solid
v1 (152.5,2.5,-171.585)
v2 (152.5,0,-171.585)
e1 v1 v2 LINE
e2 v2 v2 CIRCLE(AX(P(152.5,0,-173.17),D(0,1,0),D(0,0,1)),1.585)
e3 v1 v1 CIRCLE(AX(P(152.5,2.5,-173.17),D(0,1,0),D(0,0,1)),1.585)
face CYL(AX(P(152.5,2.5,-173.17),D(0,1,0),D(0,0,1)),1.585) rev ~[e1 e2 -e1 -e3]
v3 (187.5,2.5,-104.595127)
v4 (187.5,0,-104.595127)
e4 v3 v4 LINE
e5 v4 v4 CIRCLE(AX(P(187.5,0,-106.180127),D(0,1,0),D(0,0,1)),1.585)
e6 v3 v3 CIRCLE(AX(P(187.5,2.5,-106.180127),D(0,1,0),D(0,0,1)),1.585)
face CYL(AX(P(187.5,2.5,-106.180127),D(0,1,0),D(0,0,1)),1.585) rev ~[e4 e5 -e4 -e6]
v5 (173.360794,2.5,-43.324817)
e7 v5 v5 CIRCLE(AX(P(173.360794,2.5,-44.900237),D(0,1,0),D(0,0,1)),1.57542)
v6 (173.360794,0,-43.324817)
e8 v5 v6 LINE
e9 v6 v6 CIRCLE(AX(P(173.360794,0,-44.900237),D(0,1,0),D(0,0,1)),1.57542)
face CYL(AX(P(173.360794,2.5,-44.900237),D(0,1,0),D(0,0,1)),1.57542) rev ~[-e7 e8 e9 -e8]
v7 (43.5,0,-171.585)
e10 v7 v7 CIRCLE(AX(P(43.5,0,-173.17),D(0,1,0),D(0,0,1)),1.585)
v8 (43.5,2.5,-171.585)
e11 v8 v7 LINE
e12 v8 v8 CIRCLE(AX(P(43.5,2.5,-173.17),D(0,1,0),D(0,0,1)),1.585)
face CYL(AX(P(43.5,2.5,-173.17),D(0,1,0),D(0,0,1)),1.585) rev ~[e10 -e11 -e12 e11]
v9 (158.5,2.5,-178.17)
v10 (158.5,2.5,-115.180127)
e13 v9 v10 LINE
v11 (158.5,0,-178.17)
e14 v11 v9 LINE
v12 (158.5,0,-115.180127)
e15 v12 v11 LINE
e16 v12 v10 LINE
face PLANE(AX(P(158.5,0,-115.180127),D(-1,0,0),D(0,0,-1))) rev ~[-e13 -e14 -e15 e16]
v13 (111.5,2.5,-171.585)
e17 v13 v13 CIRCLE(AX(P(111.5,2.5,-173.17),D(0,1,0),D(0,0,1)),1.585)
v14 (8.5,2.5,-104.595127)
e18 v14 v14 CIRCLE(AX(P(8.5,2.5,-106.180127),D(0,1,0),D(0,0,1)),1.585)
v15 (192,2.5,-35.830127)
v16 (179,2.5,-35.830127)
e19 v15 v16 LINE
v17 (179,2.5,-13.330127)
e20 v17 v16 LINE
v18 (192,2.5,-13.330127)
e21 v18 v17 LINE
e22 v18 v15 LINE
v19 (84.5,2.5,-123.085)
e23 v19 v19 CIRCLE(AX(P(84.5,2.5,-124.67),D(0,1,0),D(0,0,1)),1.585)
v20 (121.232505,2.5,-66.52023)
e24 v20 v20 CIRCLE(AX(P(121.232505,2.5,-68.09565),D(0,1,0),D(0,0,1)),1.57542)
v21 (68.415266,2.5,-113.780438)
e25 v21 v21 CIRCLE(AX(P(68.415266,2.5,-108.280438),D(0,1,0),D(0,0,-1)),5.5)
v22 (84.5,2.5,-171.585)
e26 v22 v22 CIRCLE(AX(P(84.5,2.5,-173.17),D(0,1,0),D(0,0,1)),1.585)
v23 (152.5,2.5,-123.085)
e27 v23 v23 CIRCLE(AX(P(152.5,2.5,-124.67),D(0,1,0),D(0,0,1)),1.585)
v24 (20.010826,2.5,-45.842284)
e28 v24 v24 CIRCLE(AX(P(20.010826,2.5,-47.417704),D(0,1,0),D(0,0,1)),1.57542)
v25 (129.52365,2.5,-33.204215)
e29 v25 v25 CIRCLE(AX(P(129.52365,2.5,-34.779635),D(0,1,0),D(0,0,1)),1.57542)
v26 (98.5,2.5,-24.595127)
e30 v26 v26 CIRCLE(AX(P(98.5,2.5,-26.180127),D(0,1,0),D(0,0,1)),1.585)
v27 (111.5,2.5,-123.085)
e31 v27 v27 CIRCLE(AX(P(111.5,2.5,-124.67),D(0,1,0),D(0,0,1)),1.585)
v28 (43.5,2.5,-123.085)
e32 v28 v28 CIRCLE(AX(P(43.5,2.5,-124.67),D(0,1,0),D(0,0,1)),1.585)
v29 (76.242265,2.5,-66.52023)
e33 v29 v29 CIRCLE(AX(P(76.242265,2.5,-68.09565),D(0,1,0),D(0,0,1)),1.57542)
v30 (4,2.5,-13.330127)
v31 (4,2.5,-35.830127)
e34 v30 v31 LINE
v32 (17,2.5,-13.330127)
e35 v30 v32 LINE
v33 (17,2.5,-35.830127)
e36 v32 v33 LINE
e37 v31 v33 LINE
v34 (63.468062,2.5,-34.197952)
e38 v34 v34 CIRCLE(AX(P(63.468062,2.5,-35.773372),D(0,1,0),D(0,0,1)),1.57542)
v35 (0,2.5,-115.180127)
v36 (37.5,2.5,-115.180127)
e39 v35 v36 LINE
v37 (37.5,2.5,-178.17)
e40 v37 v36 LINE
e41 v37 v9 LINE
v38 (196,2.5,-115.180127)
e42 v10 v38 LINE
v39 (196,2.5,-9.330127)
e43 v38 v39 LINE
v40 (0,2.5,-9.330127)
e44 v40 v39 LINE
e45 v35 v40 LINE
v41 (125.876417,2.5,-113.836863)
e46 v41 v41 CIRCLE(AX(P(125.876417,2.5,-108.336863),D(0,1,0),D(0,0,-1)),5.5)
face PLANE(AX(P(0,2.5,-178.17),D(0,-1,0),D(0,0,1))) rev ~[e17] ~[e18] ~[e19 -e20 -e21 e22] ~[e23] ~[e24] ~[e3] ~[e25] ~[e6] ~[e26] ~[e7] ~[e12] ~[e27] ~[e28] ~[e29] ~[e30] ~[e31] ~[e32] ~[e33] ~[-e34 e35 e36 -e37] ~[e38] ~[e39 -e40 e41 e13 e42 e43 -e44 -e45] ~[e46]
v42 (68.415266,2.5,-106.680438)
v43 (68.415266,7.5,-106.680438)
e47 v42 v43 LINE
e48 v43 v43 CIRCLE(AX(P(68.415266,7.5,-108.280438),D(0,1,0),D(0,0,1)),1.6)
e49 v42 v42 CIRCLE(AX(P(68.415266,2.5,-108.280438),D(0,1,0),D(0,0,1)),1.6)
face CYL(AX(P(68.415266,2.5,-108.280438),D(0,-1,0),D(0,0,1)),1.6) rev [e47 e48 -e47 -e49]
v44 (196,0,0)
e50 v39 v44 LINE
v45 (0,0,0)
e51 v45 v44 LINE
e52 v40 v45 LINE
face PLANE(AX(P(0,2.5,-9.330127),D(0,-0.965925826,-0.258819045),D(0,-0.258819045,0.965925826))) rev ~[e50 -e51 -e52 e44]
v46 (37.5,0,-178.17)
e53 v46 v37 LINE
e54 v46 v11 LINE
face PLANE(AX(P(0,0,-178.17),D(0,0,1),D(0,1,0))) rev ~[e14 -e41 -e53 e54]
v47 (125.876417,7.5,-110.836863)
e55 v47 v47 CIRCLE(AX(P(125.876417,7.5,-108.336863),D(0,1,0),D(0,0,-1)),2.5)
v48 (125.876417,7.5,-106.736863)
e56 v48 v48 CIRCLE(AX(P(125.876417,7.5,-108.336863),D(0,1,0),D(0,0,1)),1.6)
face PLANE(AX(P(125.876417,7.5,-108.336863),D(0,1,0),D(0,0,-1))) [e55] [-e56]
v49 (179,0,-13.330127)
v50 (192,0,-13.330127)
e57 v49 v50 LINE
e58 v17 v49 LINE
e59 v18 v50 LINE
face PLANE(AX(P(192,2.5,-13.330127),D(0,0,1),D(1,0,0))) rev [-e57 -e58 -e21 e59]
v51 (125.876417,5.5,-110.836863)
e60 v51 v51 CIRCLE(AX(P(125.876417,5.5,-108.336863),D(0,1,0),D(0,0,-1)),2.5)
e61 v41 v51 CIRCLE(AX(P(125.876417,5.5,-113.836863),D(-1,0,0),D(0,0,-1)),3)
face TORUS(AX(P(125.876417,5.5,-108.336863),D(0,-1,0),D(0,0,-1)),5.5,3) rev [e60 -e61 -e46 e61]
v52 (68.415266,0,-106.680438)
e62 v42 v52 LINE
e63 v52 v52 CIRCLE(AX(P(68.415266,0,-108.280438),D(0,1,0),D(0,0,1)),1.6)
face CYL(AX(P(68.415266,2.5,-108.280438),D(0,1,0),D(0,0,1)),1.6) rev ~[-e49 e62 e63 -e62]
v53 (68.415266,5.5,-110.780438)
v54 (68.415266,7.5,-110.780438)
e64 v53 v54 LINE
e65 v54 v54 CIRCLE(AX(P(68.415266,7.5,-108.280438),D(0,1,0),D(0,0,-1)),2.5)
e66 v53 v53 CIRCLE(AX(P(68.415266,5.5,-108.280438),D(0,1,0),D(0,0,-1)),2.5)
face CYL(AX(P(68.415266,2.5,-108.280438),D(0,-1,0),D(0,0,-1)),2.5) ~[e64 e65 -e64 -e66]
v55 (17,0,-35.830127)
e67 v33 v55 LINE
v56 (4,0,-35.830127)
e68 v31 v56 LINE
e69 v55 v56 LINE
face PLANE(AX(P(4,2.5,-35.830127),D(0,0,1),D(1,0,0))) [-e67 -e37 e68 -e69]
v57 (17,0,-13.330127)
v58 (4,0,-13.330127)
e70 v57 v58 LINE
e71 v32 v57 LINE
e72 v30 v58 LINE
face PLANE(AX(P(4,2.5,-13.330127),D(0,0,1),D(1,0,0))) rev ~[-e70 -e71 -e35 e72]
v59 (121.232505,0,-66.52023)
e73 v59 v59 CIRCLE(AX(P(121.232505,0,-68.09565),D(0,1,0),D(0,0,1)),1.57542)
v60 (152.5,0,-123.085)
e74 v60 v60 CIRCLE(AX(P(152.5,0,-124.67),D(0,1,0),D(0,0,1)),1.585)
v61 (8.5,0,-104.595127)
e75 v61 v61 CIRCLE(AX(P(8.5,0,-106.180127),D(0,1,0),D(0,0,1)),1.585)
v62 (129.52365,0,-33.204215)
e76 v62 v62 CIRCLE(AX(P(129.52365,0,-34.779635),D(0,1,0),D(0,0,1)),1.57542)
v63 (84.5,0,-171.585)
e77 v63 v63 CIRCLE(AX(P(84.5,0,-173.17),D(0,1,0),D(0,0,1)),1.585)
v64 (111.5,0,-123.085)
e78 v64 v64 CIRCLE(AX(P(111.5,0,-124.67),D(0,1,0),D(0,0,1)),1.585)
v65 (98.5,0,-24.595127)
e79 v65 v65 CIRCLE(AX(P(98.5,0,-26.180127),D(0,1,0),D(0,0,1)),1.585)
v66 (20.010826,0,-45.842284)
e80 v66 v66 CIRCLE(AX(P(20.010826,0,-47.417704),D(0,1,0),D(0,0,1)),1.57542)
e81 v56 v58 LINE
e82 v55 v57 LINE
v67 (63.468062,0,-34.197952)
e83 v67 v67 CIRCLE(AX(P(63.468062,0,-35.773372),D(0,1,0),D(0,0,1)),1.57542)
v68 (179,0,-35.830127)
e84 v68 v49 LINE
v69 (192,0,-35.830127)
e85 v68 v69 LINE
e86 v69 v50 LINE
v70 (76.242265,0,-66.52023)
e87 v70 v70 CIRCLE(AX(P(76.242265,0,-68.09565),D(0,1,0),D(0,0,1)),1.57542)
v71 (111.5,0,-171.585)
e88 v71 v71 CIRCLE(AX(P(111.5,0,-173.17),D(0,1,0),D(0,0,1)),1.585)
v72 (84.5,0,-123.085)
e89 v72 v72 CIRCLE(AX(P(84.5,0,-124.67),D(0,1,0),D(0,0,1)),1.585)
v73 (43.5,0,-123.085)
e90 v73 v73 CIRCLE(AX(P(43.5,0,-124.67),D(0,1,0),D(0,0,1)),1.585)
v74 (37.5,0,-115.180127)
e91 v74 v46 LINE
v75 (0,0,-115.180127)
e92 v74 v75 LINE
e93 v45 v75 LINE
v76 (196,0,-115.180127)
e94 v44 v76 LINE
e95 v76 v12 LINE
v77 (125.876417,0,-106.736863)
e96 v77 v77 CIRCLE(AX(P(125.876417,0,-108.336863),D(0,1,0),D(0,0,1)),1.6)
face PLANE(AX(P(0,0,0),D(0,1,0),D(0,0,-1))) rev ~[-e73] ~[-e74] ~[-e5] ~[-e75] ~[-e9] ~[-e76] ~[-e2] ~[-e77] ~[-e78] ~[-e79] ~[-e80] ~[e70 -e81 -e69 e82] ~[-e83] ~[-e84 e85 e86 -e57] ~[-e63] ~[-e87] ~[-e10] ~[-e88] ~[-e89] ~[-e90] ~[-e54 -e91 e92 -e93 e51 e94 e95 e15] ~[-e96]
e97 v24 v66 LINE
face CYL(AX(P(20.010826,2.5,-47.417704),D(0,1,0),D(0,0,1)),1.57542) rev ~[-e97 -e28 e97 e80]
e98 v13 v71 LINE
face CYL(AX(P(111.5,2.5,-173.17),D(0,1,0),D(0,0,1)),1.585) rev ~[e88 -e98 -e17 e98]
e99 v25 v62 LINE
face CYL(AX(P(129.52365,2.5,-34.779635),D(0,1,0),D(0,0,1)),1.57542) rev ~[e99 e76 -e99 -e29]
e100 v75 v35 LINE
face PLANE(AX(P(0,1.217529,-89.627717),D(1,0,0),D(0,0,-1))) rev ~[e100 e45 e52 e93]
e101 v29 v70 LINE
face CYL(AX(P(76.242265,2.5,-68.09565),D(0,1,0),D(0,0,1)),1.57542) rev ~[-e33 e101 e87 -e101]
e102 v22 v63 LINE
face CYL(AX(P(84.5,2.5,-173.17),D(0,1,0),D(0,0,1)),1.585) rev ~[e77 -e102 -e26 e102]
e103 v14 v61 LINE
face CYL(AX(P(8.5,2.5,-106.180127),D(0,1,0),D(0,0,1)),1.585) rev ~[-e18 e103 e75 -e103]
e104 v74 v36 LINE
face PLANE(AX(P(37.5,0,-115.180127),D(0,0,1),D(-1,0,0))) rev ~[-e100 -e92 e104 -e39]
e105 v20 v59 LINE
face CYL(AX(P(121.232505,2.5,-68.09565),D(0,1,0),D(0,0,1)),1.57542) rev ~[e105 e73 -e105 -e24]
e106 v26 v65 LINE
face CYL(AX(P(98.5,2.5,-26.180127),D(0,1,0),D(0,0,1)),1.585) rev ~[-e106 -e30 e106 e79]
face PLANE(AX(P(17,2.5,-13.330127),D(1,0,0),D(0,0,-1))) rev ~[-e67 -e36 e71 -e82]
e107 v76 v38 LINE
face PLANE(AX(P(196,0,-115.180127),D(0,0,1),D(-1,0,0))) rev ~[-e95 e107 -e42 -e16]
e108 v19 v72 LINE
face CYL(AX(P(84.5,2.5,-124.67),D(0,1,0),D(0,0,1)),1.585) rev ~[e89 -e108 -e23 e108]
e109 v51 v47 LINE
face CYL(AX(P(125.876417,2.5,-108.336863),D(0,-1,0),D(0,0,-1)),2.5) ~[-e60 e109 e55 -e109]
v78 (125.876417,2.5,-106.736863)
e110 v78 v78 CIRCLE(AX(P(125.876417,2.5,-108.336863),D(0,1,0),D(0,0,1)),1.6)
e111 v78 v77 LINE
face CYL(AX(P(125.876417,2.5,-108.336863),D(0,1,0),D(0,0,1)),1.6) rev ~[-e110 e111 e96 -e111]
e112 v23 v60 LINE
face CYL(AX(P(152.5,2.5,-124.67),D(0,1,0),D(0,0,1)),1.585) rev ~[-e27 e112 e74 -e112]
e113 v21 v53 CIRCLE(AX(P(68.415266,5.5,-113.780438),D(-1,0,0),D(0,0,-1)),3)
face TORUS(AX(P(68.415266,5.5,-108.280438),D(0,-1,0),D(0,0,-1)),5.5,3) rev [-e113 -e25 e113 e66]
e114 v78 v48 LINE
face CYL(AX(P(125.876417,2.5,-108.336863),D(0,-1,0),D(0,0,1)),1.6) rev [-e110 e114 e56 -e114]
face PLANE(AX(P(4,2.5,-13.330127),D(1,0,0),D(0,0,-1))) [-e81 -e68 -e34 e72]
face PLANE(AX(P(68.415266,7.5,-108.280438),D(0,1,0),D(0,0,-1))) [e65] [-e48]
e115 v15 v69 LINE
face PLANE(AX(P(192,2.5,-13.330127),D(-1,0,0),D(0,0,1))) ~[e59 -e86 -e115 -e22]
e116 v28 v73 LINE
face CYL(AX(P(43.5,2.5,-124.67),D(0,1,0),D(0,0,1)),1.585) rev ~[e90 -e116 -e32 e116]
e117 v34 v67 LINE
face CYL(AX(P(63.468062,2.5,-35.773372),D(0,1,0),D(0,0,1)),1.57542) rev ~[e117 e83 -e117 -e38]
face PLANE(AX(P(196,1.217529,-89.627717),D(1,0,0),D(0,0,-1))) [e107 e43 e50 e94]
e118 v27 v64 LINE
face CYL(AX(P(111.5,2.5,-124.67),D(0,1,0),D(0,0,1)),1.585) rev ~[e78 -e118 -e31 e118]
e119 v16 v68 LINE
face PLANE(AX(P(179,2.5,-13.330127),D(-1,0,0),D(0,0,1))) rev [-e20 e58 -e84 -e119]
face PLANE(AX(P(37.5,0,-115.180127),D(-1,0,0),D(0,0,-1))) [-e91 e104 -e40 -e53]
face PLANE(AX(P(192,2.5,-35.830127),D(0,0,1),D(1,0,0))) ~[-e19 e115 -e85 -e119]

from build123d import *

# Parameters (mm, degrees)
SALIENTE_EXTRUIR1_DEPTH = 196
CORTAR_EXTRUIR1_REACH   = 266.89
CROQUIS2_W              = 37.5
CROQUIS2_H              = 62.989872981
CORTAR_EXTRUIR2_REACH   = 266.89
CROQUIS4_W              = 13
CROQUIS4_H              = 22.5
CUT_EXTRUDE1_REACH      = 266.89
SKETCH1_R               = 1.585
CUT_EXTRUDE2_REACH      = 266.89
SKETCH2_R               = 1.585
CUT_EXTRUDE3_REACH      = 266.89
SKETCH3_R               = 1.585
SKETCH4_R               = 2.5
SKETCH4_R_2             = 1.6
BOSS_EXTRUDE1_DEPTH     = 5
SKETCH8_R               = 1.6
CUT_EXTRUDE6_DEPTH      = 265.925553505
FILLET1_R               = 3
SKETCH12_R              = 1.575419973
CUT_EXTRUDE9_DEPTH      = 10
SKETCH14_R              = 1.575419973
CUT_EXTRUDE10_DEPTH     = 10


with BuildPart() as part:
    # Croquis1 → Saliente-Extruir1 (new body)
    with BuildSketch(Plane(origin=(0, 0, 0), x_dir=(0, 0, -1), z_dir=(1, 0, 0))):
        Polygon((0, 0), (178.17, 0), (178.17, 2.5), (9.330127019, 2.5), align=None)
    extrude(amount=SALIENTE_EXTRUIR1_DEPTH)

    # Croquis2 → Cortar-Extruir1 (cut, up to next)
    with BuildSketch(Plane(origin=(0, 0, 0), x_dir=(-1, 0, 0), z_dir=(0, -1, 0)), mode=Mode.PRIVATE) as cortar_extruir1_sk1:
        with Locations((-18.75, 146.67506351)):
            Rectangle(CROQUIS2_W, CROQUIS2_H)
    cortar_extruir1_tool1 = extrude(cortar_extruir1_sk1.sketch, amount=-CORTAR_EXTRUIR1_REACH, mode=Mode.PRIVATE) & part.part
    # Croquis2 → Cortar-Extruir1 (cut, up to next)
    with BuildSketch(Plane(origin=(0, 0, 0), x_dir=(-1, 0, 0), z_dir=(0, -1, 0)), mode=Mode.PRIVATE) as cortar_extruir1_sk2:
        with Locations((-177.25, 146.67506351)):
            Rectangle(CROQUIS2_W, CROQUIS2_H)
    cortar_extruir1_tool2 = extrude(cortar_extruir1_sk2.sketch, amount=-CORTAR_EXTRUIR1_REACH, mode=Mode.PRIVATE) & part.part
    add(cortar_extruir1_tool1.solids().sort_by_distance((18.75, 0, -146.675064))[0], mode=Mode.SUBTRACT)
    add(cortar_extruir1_tool2.solids().sort_by_distance((177.25, 0, -146.675064))[0], mode=Mode.SUBTRACT)

    # Croquis4 → Cortar-Extruir2 (cut, up to next)
    with BuildSketch(Plane(origin=(0, 2.5, 0), x_dir=(1, 0, 0), z_dir=(0, 1, 0)), mode=Mode.PRIVATE) as cortar_extruir2_sk1:
        with Locations((10.5, 24.580127019)):
            Rectangle(CROQUIS4_W, CROQUIS4_H)
    cortar_extruir2_tool1 = extrude(cortar_extruir2_sk1.sketch, amount=-CORTAR_EXTRUIR2_REACH, mode=Mode.PRIVATE) & part.part
    cortar_extruir2 = cortar_extruir2_tool1.solids().sort_by_distance((10.5, 2.5, -24.580127))[0]
    add(cortar_extruir2, mode=Mode.SUBTRACT)

    # Simetría1: Cortar-Extruir2 across plane
    add(cortar_extruir2.mirror(Plane(origin=(98, 0, 0), x_dir=(0, 0, 1), z_dir=(1, 0, 0))), mode=Mode.SUBTRACT)

    # Sketch1 → Cut-Extrude1 (cut, up to next)
    with BuildSketch(Plane(origin=(0, 2.5, 0), x_dir=(1, 0, 0), z_dir=(0, 1, 0)), mode=Mode.PRIVATE) as cut_extrude1_sk1:
        with Locations(Location((187.5, 106.180127019, 0), (0, 0, 270))):
            Circle(SKETCH1_R)
    cut_extrude1_tool1 = extrude(cut_extrude1_sk1.sketch, amount=-CUT_EXTRUDE1_REACH, mode=Mode.PRIVATE) & part.part
    # Sketch1 → Cut-Extrude1 (cut, up to next)
    with BuildSketch(Plane(origin=(0, 2.5, 0), x_dir=(1, 0, 0), z_dir=(0, 1, 0)), mode=Mode.PRIVATE) as cut_extrude1_sk2:
        with Locations(Location((8.5, 106.180127019, 0), (0, 0, 270))):
            Circle(SKETCH1_R)
    cut_extrude1_tool2 = extrude(cut_extrude1_sk2.sketch, amount=-CUT_EXTRUDE1_REACH, mode=Mode.PRIVATE) & part.part
    add(cut_extrude1_tool1.solids().sort_by_distance((187.5, 2.5, -106.180127))[0], mode=Mode.SUBTRACT)
    add(cut_extrude1_tool2.solids().sort_by_distance((8.5, 2.5, -106.180127))[0], mode=Mode.SUBTRACT)

    # Sketch2 → Cut-Extrude2 (cut, up to next)
    with BuildSketch(Plane(origin=(0, 2.5, 0), x_dir=(1, 0, 0), z_dir=(0, 1, 0)), mode=Mode.PRIVATE) as cut_extrude2_sk1:
        with Locations(Location((98.5, 26.180127019, 0), (0, 0, 270))):
            Circle(SKETCH2_R)
    cut_extrude2_tool1 = extrude(cut_extrude2_sk1.sketch, amount=-CUT_EXTRUDE2_REACH, mode=Mode.PRIVATE) & part.part
    add(cut_extrude2_tool1.solids().sort_by_distance((98.5, 2.5, -26.180127))[0], mode=Mode.SUBTRACT)

    # Sketch3 → Cut-Extrude3 (cut, up to next)
    with BuildSketch(Plane(origin=(0, 2.5, 0), x_dir=(1, 0, 0), z_dir=(0, 1, 0)), mode=Mode.PRIVATE) as cut_extrude3_sk1:
        with Locations(Location((111.5, 124.67, 0), (0, 0, 270))):
            Circle(SKETCH3_R)
    cut_extrude3_tool1 = extrude(cut_extrude3_sk1.sketch, amount=-CUT_EXTRUDE3_REACH, mode=Mode.PRIVATE) & part.part
    # Sketch3 → Cut-Extrude3 (cut, up to next)
    with BuildSketch(Plane(origin=(0, 2.5, 0), x_dir=(1, 0, 0), z_dir=(0, 1, 0)), mode=Mode.PRIVATE) as cut_extrude3_sk2:
        with Locations(Location((152.5, 124.67, 0), (0, 0, 270))):
            Circle(SKETCH3_R)
    cut_extrude3_tool2 = extrude(cut_extrude3_sk2.sketch, amount=-CUT_EXTRUDE3_REACH, mode=Mode.PRIVATE) & part.part
    # Sketch3 → Cut-Extrude3 (cut, up to next)
    with BuildSketch(Plane(origin=(0, 2.5, 0), x_dir=(1, 0, 0), z_dir=(0, 1, 0)), mode=Mode.PRIVATE) as cut_extrude3_sk3:
        with Locations(Location((152.5, 173.17, 0), (0, 0, 270))):
            Circle(SKETCH3_R)
    cut_extrude3_tool3 = extrude(cut_extrude3_sk3.sketch, amount=-CUT_EXTRUDE3_REACH, mode=Mode.PRIVATE) & part.part
    # Sketch3 → Cut-Extrude3 (cut, up to next)
    with BuildSketch(Plane(origin=(0, 2.5, 0), x_dir=(1, 0, 0), z_dir=(0, 1, 0)), mode=Mode.PRIVATE) as cut_extrude3_sk4:
        with Locations(Location((111.5, 173.17, 0), (0, 0, 270))):
            Circle(SKETCH3_R)
    cut_extrude3_tool4 = extrude(cut_extrude3_sk4.sketch, amount=-CUT_EXTRUDE3_REACH, mode=Mode.PRIVATE) & part.part
    # Sketch3 → Cut-Extrude3 (cut, up to next)
    with BuildSketch(Plane(origin=(0, 2.5, 0), x_dir=(1, 0, 0), z_dir=(0, 1, 0)), mode=Mode.PRIVATE) as cut_extrude3_sk5:
        with Locations(Location((84.5, 173.17, 0), (0, 0, 270))):
            Circle(SKETCH3_R)
    cut_extrude3_tool5 = extrude(cut_extrude3_sk5.sketch, amount=-CUT_EXTRUDE3_REACH, mode=Mode.PRIVATE) & part.part
    # Sketch3 → Cut-Extrude3 (cut, up to next)
    with BuildSketch(Plane(origin=(0, 2.5, 0), x_dir=(1, 0, 0), z_dir=(0, 1, 0)), mode=Mode.PRIVATE) as cut_extrude3_sk6:
        with Locations(Location((43.5, 173.17, 0), (0, 0, 270))):
            Circle(SKETCH3_R)
    cut_extrude3_tool6 = extrude(cut_extrude3_sk6.sketch, amount=-CUT_EXTRUDE3_REACH, mode=Mode.PRIVATE) & part.part
    # Sketch3 → Cut-Extrude3 (cut, up to next)
    with BuildSketch(Plane(origin=(0, 2.5, 0), x_dir=(1, 0, 0), z_dir=(0, 1, 0)), mode=Mode.PRIVATE) as cut_extrude3_sk7:
        with Locations(Location((43.5, 124.67, 0), (0, 0, 270))):
            Circle(SKETCH3_R)
    cut_extrude3_tool7 = extrude(cut_extrude3_sk7.sketch, amount=-CUT_EXTRUDE3_REACH, mode=Mode.PRIVATE) & part.part
    # Sketch3 → Cut-Extrude3 (cut, up to next)
    with BuildSketch(Plane(origin=(0, 2.5, 0), x_dir=(1, 0, 0), z_dir=(0, 1, 0)), mode=Mode.PRIVATE) as cut_extrude3_sk8:
        with Locations(Location((84.5, 124.67, 0), (0, 0, 270))):
            Circle(SKETCH3_R)
    cut_extrude3_tool8 = extrude(cut_extrude3_sk8.sketch, amount=-CUT_EXTRUDE3_REACH, mode=Mode.PRIVATE) & part.part
    add(cut_extrude3_tool1.solids().sort_by_distance((111.5, 2.5, -124.67))[0], mode=Mode.SUBTRACT)
    add(cut_extrude3_tool2.solids().sort_by_distance((152.5, 2.5, -124.67))[0], mode=Mode.SUBTRACT)
    add(cut_extrude3_tool3.solids().sort_by_distance((152.5, 2.5, -173.17))[0], mode=Mode.SUBTRACT)
    add(cut_extrude3_tool4.solids().sort_by_distance((111.5, 2.5, -173.17))[0], mode=Mode.SUBTRACT)
    add(cut_extrude3_tool5.solids().sort_by_distance((84.5, 2.5, -173.17))[0], mode=Mode.SUBTRACT)
    add(cut_extrude3_tool6.solids().sort_by_distance((43.5, 2.5, -173.17))[0], mode=Mode.SUBTRACT)
    add(cut_extrude3_tool7.solids().sort_by_distance((43.5, 2.5, -124.67))[0], mode=Mode.SUBTRACT)
    add(cut_extrude3_tool8.solids().sort_by_distance((84.5, 2.5, -124.67))[0], mode=Mode.SUBTRACT)

    # Sketch4 → Boss-Extrude1 (add)
    # profile 1 of 2: a face of its own
    with BuildSketch(Plane(origin=(0, 2.5, 0), x_dir=(1, 0, 0), z_dir=(0, 1, 0))):
        with Locations(Location((68.415265875, 108.280438226, 0), (0, 0, 90))):
            Circle(SKETCH4_R)
        with Locations(Location((68.415265875, 108.280438226, 0), (0, 0, 270))):
            Circle(SKETCH4_R_2, mode=Mode.SUBTRACT)
    # profile 2 of 2: a face of its own
    with BuildSketch(Plane(origin=(0, 2.5, 0), x_dir=(1, 0, 0), z_dir=(0, 1, 0))):
        with Locations(Location((125.876416732, 108.336862559, 0), (0, 0, 90))):
            Circle(SKETCH4_R)
        with Locations(Location((125.876416732, 108.336862559, 0), (0, 0, 270))):
            Circle(SKETCH4_R_2, mode=Mode.SUBTRACT)
    extrude(amount=BOSS_EXTRUDE1_DEPTH)

    # Sketch8 → Cut-Extrude6 (cut, through all)
    with BuildSketch(Plane(origin=(0, 2.5, 0), x_dir=(1, 0, 0), z_dir=(0, 1, 0))):
        with Locations(Location((68.415265875, 108.280438226, 0), (0, 0, 270))):
            Circle(SKETCH8_R)
        with Locations(Location((125.876416732, 108.336862559, 0), (0, 0, 270))):
            Circle(SKETCH8_R)
    extrude(amount=-CUT_EXTRUDE6_DEPTH, mode=Mode.SUBTRACT)

    # Fillet1
    fillet1_edges = [part.edges().sort_by_distance(p)[0] for p in [
        (68.415265875, 2.5, -105.780438226),
        (125.876416732, 2.5, -105.836862559),
    ]]
    fillet(fillet1_edges, radius=FILLET1_R)

    # Sketch12 → Cut-Extrude9 (cut)
    with BuildSketch(Plane(origin=(0, 2.5, 0), x_dir=(1, 0, 0), z_dir=(0, 1, 0))):
        with Locations(Location((20.010826356, 47.41770363, 0), (0, 0, 270))):
            Circle(SKETCH12_R)
        with Locations(Location((63.468062002, 35.773372434, 0), (0, 0, 270))):
            Circle(SKETCH12_R)
        with Locations(Location((129.523650189, 34.779634544, 0), (0, 0, 270))):
            Circle(SKETCH12_R)
        with Locations(Location((173.36079416, 44.900236676, 0), (0, 0, 270))):
            Circle(SKETCH12_R)
    extrude(amount=-CUT_EXTRUDE9_DEPTH, mode=Mode.SUBTRACT)

    # Sketch14 → Cut-Extrude10 (cut)
    with BuildSketch(Plane(origin=(0, 2.5, 0), x_dir=(1, 0, 0), z_dir=(0, 1, 0))):
        with Locations(Location((76.242264521, 68.095650208, 0), (0, 0, 270))):
            Circle(SKETCH14_R)
        with Locations(Location((121.232505451, 68.095650208, 0), (0, 0, 270))):
            Circle(SKETCH14_R)
    extrude(amount=-CUT_EXTRUDE10_DEPTH, mode=Mode.SUBTRACT)


solid = part.part
